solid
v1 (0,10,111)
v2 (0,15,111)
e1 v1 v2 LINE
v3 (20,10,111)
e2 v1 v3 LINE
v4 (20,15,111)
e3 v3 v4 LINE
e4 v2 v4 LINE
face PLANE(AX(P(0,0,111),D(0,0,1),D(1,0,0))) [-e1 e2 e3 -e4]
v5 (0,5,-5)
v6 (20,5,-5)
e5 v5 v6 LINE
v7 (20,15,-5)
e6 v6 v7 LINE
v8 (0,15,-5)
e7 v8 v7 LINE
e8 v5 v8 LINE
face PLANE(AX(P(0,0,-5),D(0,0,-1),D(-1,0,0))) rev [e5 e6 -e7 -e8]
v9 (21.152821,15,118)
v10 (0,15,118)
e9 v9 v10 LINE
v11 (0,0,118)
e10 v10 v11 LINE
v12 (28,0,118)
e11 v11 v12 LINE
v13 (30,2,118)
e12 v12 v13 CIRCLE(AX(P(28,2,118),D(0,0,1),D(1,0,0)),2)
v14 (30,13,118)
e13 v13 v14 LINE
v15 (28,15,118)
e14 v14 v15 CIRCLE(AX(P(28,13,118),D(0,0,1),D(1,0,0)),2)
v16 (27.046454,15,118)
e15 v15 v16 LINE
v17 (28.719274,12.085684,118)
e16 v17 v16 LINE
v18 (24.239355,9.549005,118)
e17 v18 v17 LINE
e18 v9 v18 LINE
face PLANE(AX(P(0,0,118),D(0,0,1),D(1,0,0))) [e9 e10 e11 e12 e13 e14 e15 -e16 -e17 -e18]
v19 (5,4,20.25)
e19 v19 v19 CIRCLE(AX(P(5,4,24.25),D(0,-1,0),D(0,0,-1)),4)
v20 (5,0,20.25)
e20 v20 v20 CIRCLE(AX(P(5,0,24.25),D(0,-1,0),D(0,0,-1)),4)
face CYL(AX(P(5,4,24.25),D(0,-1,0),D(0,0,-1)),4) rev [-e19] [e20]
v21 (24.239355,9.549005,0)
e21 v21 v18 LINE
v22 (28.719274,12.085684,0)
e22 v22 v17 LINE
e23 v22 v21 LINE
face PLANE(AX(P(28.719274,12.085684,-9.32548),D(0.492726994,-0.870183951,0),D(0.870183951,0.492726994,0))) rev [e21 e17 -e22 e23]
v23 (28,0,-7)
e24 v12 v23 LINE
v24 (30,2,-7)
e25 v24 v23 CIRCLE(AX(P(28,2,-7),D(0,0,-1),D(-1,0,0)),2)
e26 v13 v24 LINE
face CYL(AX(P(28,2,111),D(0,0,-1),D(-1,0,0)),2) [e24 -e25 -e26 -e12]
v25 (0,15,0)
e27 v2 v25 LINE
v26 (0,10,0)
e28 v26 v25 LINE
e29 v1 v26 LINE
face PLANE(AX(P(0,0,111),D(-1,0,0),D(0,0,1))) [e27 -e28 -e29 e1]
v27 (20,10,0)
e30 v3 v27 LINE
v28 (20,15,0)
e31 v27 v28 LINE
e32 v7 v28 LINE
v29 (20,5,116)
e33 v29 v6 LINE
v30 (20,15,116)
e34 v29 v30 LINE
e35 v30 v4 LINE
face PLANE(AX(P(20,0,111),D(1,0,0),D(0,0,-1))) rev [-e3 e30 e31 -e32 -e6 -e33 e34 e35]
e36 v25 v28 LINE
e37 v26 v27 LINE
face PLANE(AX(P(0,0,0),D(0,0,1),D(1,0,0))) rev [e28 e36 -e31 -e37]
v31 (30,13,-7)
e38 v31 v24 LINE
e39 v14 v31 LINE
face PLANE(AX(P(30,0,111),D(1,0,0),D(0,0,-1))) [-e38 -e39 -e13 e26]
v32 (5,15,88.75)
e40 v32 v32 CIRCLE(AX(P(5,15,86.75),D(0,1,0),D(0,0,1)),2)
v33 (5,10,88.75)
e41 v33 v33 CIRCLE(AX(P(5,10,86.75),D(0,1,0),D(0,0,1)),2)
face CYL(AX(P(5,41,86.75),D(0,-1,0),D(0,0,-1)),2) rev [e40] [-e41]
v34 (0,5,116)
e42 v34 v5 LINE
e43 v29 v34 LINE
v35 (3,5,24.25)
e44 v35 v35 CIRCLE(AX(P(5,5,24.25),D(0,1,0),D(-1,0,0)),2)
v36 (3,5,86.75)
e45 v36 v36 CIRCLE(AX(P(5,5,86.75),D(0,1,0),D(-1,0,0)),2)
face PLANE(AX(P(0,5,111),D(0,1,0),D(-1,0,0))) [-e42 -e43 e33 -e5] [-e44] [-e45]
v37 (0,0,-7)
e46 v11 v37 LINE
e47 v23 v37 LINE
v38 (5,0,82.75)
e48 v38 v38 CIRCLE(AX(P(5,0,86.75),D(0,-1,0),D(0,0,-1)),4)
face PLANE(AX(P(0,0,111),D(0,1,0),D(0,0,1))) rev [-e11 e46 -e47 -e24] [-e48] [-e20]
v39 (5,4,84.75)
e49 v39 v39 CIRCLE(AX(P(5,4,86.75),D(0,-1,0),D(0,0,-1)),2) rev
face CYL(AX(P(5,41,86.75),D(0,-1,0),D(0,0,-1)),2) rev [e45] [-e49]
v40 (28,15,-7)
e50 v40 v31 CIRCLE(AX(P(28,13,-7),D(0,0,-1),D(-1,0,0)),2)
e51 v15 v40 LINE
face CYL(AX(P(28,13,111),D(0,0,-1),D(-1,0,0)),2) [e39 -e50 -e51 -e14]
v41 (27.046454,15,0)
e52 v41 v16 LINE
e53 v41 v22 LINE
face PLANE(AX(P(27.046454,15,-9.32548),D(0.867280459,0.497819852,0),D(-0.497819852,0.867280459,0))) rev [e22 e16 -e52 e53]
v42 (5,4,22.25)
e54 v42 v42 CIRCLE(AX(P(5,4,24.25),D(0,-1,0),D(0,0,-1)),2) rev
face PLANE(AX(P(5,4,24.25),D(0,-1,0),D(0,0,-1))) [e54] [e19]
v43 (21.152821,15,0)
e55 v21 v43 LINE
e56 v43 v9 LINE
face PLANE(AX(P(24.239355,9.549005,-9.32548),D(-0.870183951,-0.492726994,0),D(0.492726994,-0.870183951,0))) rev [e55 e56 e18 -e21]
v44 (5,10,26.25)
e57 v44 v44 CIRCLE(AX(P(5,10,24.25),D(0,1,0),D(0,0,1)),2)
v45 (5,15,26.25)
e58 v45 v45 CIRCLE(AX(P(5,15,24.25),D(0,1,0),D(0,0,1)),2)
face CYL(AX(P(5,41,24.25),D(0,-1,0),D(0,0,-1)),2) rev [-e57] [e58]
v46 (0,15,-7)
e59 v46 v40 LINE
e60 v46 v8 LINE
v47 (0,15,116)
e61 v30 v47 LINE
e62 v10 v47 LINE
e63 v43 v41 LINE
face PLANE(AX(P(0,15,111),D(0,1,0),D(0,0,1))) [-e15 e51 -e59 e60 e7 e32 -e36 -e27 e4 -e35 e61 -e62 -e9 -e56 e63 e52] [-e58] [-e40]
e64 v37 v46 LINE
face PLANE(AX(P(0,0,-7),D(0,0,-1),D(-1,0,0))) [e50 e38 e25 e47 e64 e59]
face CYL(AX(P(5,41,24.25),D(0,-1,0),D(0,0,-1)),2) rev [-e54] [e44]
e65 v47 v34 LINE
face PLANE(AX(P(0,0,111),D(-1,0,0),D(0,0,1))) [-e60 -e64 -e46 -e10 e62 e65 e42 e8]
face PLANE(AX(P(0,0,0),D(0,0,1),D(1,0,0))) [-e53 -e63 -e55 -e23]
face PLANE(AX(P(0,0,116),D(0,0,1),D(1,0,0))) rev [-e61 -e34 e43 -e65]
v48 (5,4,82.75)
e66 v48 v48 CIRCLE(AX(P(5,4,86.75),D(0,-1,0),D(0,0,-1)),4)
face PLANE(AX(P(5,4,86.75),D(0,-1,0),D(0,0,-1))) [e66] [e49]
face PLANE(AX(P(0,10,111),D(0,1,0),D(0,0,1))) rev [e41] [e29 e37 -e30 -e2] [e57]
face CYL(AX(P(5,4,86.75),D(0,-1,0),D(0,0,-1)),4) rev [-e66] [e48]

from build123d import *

# Parameters (mm, degrees)
SALIENTE_EXTRUIR1_DEPTH = 111
SALIENTE_EXTRUIR2_DEPTH = 5
CROQUIS3_W              = 20
CROQUIS3_H              = 5
SALIENTE_EXTRUIR3_DEPTH = 2
SALIENTE_EXTRUIR4_DEPTH = 5
SALIENTE_EXTRUIR5_DEPTH = 2
CROQUIS6_R              = 2
CORTAR_EXTRUIR1_DEPTH   = 41
CROQUIS7_R              = 4
CORTAR_EXTRUIR2_DEPTH   = 4
CORTAR_EXTRUIR4_DEPTH   = 118


with BuildPart() as part:
    # Croquis1 → Saliente-Extruir1 (new body)
    with BuildSketch(Plane.XY):
        with BuildLine():
            Line((0, 5), (0, 0))
            Line((0, 0), (28, 0))
            ThreePointArc((28, 0), (29.414213562, 0.585786438), (30, 2))
            Line((30, 2), (30, 13))
            ThreePointArc((30, 13), (29.414213562, 14.414213562), (28, 15))
            Line((28, 15), (0, 15))
            Line((0, 15), (0, 10))
            Line((0, 10), (20, 10))
            Line((20, 10), (20, 5))
            Line((20, 5), (0, 5))
        make_face()
    extrude(amount=SALIENTE_EXTRUIR1_DEPTH)

    # Croquis2 → Saliente-Extruir2 (add)
    with BuildSketch(Plane.XY.offset(111)):
        with BuildLine():
            Line((20, 15), (20, 10))
            Line((20, 10), (20, 5))
            Line((20, 5), (0, 5))
            Line((0, 5), (0, 0))
            Line((0, 0), (28, 0))
            ThreePointArc((28, 0), (29.414213562, 0.585786438), (30, 2))
            Line((30, 2), (30, 13))
            ThreePointArc((30, 13), (29.414213562, 14.414213562), (28, 15))
            Line((28, 15), (20, 15))
        make_face()
    extrude(amount=SALIENTE_EXTRUIR2_DEPTH)

    # Croquis3 → Saliente-Extruir3 (add)
    with BuildSketch(Plane.XY.offset(116)):
        Polygon((20, 10), (20, 15), (11, 15), (0, 15), (0, 10), align=None)
        with BuildLine():
            Line((28, 15), (20, 15))
            Line((20, 15), (20, 10))
            Line((20, 10), (20, 5))
            Line((20, 5), (0, 5))
            Line((0, 5), (0, 0))
            Line((0, 0), (28, 0))
            ThreePointArc((28, 0), (29.414213562, 0.585786438), (30, 2))
            Line((30, 2), (30, 13))
            ThreePointArc((30, 13), (29.414213562, 14.414213562), (28, 15))
        make_face()
        with Locations((10, 7.5)):
            Rectangle(CROQUIS3_W, CROQUIS3_H)
    extrude(amount=SALIENTE_EXTRUIR3_DEPTH)

    # Croquis4 → Saliente-Extruir4 (add)
    with BuildSketch(Plane(origin=(0, 0, 0), x_dir=(-1, 0, 0), z_dir=(0, 0, -1))):
        with BuildLine():
            Line((-20, 5), (-20, 10))
            Line((-20, 10), (-20, 15))
            Line((-20, 15), (-28, 15))
            ThreePointArc((-28, 15), (-29.414213562, 14.414213562), (-30, 13))
            Line((-30, 13), (-30, 2))
            ThreePointArc((-30, 2), (-29.414213562, 0.585786438), (-28, 0))
            Line((-28, 0), (0, 0))
            Line((0, 0), (0, 5))
            Line((0, 5), (-20, 5))
        make_face()
    extrude(amount=SALIENTE_EXTRUIR4_DEPTH)

    # Croquis5 → Saliente-Extruir5 (add)
    with BuildSketch(Plane(origin=(0, 0, -5), x_dir=(-1, 0, 0), z_dir=(0, 0, -1))):
        with BuildLine():
            Line((0, 15), (-28, 15))
            ThreePointArc((-28, 15), (-29.414213562, 14.414213562), (-30, 13))
            Line((-30, 13), (-30, 2))
            ThreePointArc((-30, 2), (-29.414213562, 0.585786438), (-28, 0))
            Line((-28, 0), (0, 0))
            Line((0, 0), (0, 15))
        make_face()
    extrude(amount=SALIENTE_EXTRUIR5_DEPTH)

    # Croquis6 → Cortar-Extruir1 (cut)
    with BuildSketch(Plane.XZ):
        with Locations((5, 24.25)):
            Circle(CROQUIS6_R)
        with Locations((5, 86.75)):
            Circle(CROQUIS6_R)
    extrude(amount=-CORTAR_EXTRUIR1_DEPTH, mode=Mode.SUBTRACT)

    # Croquis7 → Cortar-Extruir2 (cut)
    with BuildSketch(Plane(origin=(0, 0, 0), x_dir=(-1, 0, 0), z_dir=(0, -1, 0))):
        with Locations((-5, -24.25)):
            Circle(CROQUIS7_R)
        with Locations((-5, -86.75)):
            Circle(CROQUIS7_R)
    extrude(amount=-CORTAR_EXTRUIR2_DEPTH, mode=Mode.SUBTRACT)

    # Croquis9 → Cortar-Extruir4 (cut)
    with BuildSketch(Plane.XY.offset(118)):
        Polygon((27.046454018, 15), (28.719274454, 12.085683765), (24.239354869, 9.549004814), (21.152820727, 15), align=None)
    extrude(amount=-CORTAR_EXTRUIR4_DEPTH, mode=Mode.SUBTRACT)


solid = part.part
